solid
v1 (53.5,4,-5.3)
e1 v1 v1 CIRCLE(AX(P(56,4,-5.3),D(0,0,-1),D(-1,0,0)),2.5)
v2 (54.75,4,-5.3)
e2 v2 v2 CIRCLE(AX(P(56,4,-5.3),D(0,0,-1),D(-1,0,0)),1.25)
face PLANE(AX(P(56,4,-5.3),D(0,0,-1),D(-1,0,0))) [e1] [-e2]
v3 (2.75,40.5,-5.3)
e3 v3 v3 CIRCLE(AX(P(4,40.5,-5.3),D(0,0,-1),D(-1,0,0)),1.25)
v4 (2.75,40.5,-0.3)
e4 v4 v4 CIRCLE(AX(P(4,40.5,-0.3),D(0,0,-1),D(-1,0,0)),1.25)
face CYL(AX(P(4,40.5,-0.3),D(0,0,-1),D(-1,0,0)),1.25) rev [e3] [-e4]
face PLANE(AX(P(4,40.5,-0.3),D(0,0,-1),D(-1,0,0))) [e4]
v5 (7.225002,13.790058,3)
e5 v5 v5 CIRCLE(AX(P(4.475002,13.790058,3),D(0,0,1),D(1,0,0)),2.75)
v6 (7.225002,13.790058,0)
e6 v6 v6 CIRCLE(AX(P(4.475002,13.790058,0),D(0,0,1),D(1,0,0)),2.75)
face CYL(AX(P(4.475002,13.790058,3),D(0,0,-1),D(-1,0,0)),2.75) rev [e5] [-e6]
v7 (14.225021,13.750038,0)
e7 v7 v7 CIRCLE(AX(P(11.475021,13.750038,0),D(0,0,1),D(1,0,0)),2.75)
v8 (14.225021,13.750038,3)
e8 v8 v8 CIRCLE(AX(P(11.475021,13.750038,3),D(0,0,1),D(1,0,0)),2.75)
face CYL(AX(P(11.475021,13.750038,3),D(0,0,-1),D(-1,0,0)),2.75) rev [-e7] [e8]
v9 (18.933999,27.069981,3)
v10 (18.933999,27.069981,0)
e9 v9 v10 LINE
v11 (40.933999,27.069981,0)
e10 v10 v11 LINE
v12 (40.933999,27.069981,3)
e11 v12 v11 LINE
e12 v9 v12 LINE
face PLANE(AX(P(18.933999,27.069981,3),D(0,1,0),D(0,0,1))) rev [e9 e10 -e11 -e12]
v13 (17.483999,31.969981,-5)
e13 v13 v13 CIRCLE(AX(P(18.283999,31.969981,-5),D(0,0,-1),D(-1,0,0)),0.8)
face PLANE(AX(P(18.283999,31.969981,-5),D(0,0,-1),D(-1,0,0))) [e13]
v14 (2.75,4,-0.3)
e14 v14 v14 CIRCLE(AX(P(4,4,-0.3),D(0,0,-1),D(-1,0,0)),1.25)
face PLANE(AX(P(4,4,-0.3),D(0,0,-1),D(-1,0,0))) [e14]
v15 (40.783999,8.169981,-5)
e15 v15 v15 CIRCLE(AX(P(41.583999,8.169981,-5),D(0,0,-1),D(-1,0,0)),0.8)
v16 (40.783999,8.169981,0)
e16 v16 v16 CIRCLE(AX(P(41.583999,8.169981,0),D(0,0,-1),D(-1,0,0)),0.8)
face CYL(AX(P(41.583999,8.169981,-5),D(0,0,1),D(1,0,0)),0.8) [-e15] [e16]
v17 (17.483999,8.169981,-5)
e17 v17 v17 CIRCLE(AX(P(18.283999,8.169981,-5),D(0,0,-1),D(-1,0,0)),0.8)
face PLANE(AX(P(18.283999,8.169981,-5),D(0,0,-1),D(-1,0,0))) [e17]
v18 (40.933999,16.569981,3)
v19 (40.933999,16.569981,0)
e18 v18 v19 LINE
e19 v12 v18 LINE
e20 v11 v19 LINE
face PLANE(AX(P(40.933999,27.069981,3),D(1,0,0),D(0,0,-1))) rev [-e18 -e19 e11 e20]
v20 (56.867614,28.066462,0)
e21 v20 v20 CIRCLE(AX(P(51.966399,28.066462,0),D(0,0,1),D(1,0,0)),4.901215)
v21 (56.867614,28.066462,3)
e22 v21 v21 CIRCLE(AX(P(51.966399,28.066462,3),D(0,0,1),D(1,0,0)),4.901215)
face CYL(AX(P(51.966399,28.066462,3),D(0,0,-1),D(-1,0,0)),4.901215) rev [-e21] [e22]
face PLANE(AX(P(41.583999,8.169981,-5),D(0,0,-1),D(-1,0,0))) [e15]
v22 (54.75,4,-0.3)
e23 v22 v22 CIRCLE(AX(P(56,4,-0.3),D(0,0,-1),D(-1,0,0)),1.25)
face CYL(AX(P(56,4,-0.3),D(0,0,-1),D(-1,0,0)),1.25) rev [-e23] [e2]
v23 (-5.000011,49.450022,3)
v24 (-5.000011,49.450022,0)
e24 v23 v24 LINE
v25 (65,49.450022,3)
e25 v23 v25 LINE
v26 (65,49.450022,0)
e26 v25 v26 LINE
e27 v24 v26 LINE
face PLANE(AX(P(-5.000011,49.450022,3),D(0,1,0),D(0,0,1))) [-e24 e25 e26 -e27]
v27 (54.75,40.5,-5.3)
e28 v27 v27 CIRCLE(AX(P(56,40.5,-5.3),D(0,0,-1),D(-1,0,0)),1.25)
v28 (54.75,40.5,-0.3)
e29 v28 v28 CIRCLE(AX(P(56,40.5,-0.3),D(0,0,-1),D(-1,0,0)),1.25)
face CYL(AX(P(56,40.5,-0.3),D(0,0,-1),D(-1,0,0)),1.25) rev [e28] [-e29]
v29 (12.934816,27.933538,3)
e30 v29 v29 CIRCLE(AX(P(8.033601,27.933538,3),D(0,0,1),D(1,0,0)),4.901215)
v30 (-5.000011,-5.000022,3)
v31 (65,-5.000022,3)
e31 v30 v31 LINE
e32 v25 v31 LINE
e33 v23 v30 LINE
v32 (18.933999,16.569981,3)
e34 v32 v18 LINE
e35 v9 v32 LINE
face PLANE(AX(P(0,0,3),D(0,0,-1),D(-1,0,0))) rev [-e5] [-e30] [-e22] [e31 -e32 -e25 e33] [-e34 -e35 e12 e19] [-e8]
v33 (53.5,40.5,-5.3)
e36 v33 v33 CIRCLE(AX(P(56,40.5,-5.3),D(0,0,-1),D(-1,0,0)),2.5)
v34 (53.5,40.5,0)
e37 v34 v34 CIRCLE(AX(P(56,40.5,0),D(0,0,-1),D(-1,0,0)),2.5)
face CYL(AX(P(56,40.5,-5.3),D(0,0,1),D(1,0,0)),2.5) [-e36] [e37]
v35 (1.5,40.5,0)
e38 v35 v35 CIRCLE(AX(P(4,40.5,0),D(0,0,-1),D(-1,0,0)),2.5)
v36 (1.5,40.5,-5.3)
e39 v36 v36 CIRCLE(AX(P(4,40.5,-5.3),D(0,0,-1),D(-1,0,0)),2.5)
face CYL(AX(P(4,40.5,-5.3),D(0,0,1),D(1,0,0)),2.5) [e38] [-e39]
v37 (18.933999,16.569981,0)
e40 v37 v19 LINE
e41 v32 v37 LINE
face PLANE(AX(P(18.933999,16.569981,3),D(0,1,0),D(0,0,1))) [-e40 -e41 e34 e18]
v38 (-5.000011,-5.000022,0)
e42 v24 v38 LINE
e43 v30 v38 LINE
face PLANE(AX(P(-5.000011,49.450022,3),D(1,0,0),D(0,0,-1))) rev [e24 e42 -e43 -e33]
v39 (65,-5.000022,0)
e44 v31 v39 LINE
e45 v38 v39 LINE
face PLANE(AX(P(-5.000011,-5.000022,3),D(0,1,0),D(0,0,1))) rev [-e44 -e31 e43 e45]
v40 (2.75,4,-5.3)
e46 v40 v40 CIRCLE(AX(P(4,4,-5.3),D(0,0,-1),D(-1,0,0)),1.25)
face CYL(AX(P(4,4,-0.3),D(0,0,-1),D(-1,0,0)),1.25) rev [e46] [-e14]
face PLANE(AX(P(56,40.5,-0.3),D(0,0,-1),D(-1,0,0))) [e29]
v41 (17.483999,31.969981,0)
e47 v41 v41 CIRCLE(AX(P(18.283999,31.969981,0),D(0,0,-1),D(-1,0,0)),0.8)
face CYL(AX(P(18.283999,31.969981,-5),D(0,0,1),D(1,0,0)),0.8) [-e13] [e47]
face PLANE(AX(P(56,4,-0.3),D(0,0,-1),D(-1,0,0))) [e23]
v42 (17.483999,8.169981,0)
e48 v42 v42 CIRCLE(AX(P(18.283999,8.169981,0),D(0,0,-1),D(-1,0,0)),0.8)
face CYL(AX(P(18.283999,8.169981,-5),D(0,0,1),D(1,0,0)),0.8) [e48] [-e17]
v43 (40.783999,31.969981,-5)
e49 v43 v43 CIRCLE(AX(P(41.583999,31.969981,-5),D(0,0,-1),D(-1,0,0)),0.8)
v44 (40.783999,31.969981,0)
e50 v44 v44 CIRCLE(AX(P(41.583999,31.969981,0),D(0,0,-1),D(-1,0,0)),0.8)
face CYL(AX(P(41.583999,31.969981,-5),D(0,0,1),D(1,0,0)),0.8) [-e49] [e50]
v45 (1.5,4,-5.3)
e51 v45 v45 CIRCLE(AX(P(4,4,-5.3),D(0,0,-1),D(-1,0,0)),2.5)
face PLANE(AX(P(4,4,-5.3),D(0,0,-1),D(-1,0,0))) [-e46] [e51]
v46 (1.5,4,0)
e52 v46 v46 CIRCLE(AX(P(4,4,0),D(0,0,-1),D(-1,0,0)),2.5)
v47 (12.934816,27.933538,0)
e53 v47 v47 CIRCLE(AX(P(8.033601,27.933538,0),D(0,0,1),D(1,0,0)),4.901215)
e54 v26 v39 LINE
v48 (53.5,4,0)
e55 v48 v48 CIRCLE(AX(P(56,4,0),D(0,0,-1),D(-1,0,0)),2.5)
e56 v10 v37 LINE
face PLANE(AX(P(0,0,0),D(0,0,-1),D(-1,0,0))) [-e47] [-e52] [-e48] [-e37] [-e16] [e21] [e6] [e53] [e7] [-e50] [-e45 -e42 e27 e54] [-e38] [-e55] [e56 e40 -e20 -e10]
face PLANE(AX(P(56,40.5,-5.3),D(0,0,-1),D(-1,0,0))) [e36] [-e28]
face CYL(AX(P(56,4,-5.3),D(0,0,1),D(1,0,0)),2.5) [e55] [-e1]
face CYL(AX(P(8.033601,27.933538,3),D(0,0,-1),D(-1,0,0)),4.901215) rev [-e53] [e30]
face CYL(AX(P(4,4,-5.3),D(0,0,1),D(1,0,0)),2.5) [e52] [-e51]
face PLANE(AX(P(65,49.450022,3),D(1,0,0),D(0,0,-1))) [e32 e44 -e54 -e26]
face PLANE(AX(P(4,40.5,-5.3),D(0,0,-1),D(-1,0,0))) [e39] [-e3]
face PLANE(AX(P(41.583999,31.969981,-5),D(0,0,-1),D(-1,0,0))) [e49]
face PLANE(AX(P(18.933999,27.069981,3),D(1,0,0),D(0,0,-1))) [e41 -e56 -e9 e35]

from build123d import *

# Parameters (mm, degrees)
SZKIC1_W                    = 70.000011125
SZKIC1_H                    = 54.450044047
SZKIC1_R                    = 4.901215244
SZKIC1_R_2                  = 2.75
SZKIC1_W_2                  = 22
SZKIC1_H_2                  = 10.5
DODANIE_WYCI_GNI_CIE2_DEPTH = 3
SZKIC3_R                    = 2.5
DODANIE_WYCI_GNI_CIE3_DEPTH = 5.3
SZKIC5_R                    = 1.25
WYTNIJ_WYCI_GNI_CIE1_DEPTH  = 5
SZKIC6_R                    = 0.8
DODANIE_WYCI_GNI_CIE4_DEPTH = 5


with BuildPart() as part:
    # Szkic1 → Dodanie-wyciągnięcie2 (new body)
    with BuildSketch(Plane.XY):
        with Locations((29.999994437, 22.225000357)):
            Rectangle(SZKIC1_W, SZKIC1_H)
        with Locations((8.033600802, 27.9335383)):
            Circle(SZKIC1_R, mode=Mode.SUBTRACT)
        with Locations((51.966399076, 28.066461662)):
            Circle(SZKIC1_R, mode=Mode.SUBTRACT)
        with Locations((4.47500206, 13.790057549)):
            Circle(SZKIC1_R_2, mode=Mode.SUBTRACT)
        with Locations((11.475021134, 13.75003756)):
            Circle(SZKIC1_R_2, mode=Mode.SUBTRACT)
        with Locations((29.933998796, 21.819981485)):
            Rectangle(SZKIC1_W_2, SZKIC1_H_2, mode=Mode.SUBTRACT)
    extrude(amount=DODANIE_WYCI_GNI_CIE2_DEPTH)

    # Szkic3 → Dodanie-wyciągnięcie3 (add)
    with BuildSketch(Plane(origin=(0, 0, 0), x_dir=(-1, 0, 0), z_dir=(0, 0, -1))):
        with Locations((-55.99999976, 40.50000028)):
            Circle(SZKIC3_R)
        with Locations((-3.99999962, 40.50000028)):
            Circle(SZKIC3_R)
        with Locations((-55.99999976, 3.99999962)):
            Circle(SZKIC3_R)
        with Locations((-3.99999962, 3.99999962)):
            Circle(SZKIC3_R)
    extrude(amount=DODANIE_WYCI_GNI_CIE3_DEPTH)

    # Szkic5 → Wytnij-wyciągnięcie1 (cut)
    with BuildSketch(Plane(origin=(0, 0, -5.3), x_dir=(-1, 0, 0), z_dir=(0, 0, -1))):
        with Locations((-55.99999976, 40.50000028)):
            Circle(SZKIC5_R)
        with Locations((-3.99999962, 40.50000028)):
            Circle(SZKIC5_R)
        with Locations((-55.99999976, 3.99999962)):
            Circle(SZKIC5_R)
        with Locations((-3.99999962, 3.99999962)):
            Circle(SZKIC5_R)
    extrude(amount=-WYTNIJ_WYCI_GNI_CIE1_DEPTH, mode=Mode.SUBTRACT)

    # Szkic6 → Dodanie-wyciągnięcie4 (add)
    with BuildSketch(Plane(origin=(0, 0, 0), x_dir=(-1, 0, 0), z_dir=(0, 0, -1))):
        with Locations((-41.583998796, 31.969981485)):
            Circle(SZKIC6_R)
        with Locations((-18.283998796, 31.969981485)):
            Circle(SZKIC6_R)
        with Locations((-41.583998796, 8.169981485)):
            Circle(SZKIC6_R)
        with Locations((-18.283998796, 8.169981485)):
            Circle(SZKIC6_R)
    extrude(amount=DODANIE_WYCI_GNI_CIE4_DEPTH)


solid = part.part
